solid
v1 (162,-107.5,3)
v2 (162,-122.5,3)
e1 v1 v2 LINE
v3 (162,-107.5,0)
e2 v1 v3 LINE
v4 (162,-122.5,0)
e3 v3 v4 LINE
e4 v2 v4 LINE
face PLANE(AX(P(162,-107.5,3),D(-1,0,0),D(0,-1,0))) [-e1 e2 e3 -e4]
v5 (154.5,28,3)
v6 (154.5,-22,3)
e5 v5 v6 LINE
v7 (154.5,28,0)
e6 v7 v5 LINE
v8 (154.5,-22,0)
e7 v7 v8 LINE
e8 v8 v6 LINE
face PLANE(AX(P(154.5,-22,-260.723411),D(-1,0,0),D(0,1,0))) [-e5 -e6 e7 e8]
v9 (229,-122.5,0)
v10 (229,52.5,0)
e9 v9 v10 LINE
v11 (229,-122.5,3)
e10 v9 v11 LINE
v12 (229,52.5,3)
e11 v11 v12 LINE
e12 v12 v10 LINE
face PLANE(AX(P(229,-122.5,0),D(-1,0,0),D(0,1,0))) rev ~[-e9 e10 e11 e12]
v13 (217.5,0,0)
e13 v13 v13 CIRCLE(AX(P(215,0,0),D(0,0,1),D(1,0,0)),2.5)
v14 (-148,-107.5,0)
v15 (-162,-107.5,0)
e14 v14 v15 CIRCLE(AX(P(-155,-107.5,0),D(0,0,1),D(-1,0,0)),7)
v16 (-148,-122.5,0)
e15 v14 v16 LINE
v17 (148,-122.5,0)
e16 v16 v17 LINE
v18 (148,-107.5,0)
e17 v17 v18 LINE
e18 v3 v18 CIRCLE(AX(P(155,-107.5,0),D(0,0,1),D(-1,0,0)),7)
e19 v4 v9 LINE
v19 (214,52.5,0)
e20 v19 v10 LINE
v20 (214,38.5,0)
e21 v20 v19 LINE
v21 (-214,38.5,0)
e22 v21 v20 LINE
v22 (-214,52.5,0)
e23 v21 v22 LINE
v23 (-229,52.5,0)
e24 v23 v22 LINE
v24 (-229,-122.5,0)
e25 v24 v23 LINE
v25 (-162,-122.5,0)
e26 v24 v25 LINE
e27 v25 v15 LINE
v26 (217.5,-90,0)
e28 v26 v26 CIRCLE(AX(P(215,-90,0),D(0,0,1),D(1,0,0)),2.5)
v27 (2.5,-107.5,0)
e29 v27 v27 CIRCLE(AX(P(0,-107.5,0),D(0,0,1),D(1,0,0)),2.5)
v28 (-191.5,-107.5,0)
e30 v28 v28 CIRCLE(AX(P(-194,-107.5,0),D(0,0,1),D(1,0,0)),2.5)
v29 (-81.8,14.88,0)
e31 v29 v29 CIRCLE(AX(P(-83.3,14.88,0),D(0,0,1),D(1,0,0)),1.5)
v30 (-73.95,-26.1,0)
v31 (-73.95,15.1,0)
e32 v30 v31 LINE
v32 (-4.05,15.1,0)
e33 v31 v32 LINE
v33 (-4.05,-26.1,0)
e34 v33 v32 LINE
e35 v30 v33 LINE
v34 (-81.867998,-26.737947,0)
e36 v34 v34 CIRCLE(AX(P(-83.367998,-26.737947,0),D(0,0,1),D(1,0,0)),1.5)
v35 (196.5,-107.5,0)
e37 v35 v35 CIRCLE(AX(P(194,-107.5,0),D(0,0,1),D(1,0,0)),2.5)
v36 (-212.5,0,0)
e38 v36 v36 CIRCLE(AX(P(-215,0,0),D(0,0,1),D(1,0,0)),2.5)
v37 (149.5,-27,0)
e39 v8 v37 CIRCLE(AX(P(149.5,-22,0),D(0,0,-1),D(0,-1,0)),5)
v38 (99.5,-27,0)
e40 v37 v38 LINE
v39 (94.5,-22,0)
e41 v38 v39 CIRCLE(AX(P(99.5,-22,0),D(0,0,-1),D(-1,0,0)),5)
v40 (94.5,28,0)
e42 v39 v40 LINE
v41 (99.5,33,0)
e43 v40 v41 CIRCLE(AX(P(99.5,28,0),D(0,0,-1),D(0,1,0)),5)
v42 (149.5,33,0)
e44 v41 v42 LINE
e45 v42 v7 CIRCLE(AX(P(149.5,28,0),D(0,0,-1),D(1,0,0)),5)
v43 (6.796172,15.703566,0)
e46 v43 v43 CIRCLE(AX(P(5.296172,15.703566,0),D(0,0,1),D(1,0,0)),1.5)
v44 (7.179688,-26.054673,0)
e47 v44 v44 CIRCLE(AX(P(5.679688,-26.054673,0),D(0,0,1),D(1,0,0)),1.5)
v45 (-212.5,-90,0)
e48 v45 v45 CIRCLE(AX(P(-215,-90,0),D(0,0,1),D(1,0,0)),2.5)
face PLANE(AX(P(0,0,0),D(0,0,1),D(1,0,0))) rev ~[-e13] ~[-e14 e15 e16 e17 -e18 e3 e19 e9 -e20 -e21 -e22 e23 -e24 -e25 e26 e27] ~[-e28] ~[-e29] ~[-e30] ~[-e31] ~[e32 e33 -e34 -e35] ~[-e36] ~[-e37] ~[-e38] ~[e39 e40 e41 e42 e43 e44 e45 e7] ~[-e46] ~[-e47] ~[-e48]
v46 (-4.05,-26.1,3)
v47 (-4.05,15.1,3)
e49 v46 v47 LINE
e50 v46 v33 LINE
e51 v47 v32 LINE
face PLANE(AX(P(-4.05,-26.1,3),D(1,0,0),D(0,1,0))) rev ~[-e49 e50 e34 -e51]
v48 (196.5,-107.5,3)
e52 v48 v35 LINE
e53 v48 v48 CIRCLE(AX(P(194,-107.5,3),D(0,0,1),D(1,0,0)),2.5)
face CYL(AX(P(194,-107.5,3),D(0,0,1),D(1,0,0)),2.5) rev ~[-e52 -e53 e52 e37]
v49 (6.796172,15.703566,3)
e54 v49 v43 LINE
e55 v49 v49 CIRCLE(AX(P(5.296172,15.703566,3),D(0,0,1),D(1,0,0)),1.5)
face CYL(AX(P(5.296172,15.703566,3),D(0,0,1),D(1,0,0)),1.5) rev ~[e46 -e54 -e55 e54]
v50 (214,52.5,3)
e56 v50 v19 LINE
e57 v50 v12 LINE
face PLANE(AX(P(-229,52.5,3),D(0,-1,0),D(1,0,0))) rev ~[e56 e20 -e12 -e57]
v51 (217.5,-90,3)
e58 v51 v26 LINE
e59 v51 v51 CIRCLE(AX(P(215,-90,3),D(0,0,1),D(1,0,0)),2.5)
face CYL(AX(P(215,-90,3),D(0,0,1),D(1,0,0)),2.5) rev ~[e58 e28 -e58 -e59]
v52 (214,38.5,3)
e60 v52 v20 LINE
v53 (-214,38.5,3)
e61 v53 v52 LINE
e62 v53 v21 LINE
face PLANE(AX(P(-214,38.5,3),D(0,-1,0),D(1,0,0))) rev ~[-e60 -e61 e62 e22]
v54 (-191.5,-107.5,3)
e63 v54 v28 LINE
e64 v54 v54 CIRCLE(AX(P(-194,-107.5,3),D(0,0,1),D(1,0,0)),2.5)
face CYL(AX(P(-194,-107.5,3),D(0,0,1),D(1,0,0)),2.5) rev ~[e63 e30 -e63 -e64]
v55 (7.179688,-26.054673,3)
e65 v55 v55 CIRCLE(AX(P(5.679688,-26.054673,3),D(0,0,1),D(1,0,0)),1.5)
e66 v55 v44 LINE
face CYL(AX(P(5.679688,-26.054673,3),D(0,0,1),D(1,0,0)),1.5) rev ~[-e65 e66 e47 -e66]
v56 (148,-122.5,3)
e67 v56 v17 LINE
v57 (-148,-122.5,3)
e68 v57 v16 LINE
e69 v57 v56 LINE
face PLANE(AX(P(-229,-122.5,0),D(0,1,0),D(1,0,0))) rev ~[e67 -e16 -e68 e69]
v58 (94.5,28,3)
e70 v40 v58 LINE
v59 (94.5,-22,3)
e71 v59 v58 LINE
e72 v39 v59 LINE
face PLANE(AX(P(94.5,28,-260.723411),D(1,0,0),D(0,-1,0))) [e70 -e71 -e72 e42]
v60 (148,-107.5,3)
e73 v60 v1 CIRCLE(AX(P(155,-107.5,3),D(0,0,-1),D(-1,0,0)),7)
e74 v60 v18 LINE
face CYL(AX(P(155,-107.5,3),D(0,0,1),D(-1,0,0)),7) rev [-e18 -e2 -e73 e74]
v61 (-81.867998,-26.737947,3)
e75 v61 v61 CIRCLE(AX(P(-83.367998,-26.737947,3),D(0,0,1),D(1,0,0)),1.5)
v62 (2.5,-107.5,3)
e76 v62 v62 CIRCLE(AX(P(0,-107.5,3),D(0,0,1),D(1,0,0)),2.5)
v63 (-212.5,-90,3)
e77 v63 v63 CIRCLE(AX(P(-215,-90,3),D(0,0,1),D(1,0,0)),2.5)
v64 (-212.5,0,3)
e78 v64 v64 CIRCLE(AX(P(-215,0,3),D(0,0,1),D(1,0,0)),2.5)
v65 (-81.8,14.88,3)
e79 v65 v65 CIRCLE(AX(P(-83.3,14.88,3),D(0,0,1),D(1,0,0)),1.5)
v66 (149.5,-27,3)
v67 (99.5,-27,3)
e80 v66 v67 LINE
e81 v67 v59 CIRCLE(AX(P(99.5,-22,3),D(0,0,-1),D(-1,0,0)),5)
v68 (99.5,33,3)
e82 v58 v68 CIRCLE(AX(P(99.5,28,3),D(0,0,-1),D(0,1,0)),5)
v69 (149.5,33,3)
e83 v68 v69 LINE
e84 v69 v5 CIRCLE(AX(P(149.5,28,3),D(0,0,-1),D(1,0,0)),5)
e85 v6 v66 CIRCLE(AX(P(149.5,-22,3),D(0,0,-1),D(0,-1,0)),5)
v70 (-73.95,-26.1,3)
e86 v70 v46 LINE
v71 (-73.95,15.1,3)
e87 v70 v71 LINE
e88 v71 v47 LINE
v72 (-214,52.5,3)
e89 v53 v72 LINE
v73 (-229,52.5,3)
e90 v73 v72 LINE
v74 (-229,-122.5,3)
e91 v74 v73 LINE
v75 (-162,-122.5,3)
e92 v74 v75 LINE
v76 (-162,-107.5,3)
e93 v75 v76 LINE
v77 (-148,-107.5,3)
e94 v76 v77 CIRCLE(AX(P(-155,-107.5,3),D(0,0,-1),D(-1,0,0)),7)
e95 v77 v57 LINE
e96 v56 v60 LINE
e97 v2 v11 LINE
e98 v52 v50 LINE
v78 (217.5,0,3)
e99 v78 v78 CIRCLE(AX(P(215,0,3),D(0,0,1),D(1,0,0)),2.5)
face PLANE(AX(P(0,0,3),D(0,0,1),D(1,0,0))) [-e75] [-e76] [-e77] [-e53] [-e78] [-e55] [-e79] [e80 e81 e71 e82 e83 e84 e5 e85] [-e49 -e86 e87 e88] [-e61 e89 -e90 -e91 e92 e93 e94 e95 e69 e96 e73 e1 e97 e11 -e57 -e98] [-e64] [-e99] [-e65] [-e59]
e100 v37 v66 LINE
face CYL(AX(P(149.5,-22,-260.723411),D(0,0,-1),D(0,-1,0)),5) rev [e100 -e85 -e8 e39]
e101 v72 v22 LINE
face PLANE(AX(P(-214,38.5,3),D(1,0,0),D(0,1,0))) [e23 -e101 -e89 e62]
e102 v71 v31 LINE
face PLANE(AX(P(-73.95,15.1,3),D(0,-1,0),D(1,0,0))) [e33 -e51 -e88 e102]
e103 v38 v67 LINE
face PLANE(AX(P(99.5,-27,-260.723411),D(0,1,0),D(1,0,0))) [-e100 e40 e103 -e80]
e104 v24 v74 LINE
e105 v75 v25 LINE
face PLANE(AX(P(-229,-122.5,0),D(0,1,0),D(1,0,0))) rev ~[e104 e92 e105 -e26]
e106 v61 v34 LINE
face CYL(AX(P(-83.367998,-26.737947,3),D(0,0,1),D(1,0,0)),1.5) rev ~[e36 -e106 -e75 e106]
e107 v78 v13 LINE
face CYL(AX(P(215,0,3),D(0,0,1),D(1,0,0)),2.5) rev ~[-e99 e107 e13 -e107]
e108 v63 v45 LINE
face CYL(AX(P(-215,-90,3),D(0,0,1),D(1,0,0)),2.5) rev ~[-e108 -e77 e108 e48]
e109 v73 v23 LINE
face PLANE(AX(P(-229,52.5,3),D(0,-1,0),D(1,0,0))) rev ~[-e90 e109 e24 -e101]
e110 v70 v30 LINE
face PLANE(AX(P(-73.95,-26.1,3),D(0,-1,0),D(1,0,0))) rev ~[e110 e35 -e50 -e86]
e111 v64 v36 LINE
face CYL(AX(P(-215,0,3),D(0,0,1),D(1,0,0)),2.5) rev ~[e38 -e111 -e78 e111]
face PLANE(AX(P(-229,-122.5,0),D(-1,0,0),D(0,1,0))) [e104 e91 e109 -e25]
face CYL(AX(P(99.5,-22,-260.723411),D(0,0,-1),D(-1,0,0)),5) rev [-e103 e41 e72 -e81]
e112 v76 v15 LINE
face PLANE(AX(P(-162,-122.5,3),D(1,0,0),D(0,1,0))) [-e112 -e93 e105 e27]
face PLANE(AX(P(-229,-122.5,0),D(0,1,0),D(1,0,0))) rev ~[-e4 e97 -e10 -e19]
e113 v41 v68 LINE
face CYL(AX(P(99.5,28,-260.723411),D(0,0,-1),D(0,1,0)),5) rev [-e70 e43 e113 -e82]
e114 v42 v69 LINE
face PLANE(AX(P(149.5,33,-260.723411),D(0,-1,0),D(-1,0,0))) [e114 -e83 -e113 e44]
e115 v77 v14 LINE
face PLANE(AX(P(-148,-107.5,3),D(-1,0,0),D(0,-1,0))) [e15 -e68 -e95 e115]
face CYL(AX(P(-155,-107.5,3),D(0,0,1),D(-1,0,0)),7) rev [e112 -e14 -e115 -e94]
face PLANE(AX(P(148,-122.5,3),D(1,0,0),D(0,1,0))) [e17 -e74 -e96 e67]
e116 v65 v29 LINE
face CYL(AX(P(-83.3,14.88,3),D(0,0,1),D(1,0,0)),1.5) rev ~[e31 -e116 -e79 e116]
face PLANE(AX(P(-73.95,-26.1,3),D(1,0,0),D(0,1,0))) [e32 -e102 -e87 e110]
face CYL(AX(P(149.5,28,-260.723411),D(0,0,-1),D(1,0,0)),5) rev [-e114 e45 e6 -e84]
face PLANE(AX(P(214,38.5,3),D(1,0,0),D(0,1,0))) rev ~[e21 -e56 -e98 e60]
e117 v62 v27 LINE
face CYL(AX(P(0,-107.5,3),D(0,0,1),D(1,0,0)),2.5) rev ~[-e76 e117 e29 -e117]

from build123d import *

# Parameters (mm, degrees)
SKETCH1_W                         = 458
SKETCH1_H                         = 245
BOSS_EXTRUDE1_DEPTH               = 3
CUT_EXTRUDE1_DEPTH                = 260.723410574
SKETCH3_R                         = 2.5
CUT_EXTRUDE2_DEPTH                = 260.723410574
SKETCH4_R                         = 11.5
CUT_EXTRUDE3_DEPTH                = 260.723410574
SKETCH5_W                         = 428
SKETCH5_H                         = 29
CUT_EXTRUDE4_DEPTH                = 260.723410574
SKETCH8_R                         = 1.5
SKETCH8_W                         = 69.9
SKETCH8_H                         = 41.2
CUT_EXTRUDE5_DEPTH                = 260.723410574
SKETCH9_W                         = 458
SKETCH9_H                         = 70
CUT_EXTRUDE6_DEPTH                = 10
CUT_SWITCHRUBBER_60X60_DEPTH      = 260.723410574
CUT_SWITCHRUBBER_60X60_DEPTH_BACK = 260.723410574


with BuildPart() as part:
    # Sketch1 → Boss-Extrude1 (new body)
    with BuildSketch(Plane.XY):
        Rectangle(SKETCH1_W, SKETCH1_H)
    extrude(amount=BOSS_EXTRUDE1_DEPTH)

    # Sketch2 → Cut-Extrude1 (cut, through all)
    with BuildSketch(Plane.XY.offset(3)):
        with BuildLine():
            Line((-148, -107.5), (-148, -122.5))
            ThreePointArc((-148, -122.5), (-155, -129.5), (-162, -122.5))
            Line((-162, -122.5), (-162, -107.5))
            ThreePointArc((-162, -107.5), (-155, -100.5), (-148, -107.5))
        make_face()
        with BuildLine():
            Line((162, -107.5), (162, -122.5))
            ThreePointArc((162, -122.5), (155, -129.5), (148, -122.5))
            Line((148, -122.5), (148, -107.5))
            ThreePointArc((148, -107.5), (155, -100.5), (162, -107.5))
        make_face()
    extrude(amount=-CUT_EXTRUDE1_DEPTH, mode=Mode.SUBTRACT)

    # Sketch3 → Cut-Extrude2 (cut, through all)
    with BuildSketch(Plane.XY.offset(3)):
        with Locations((-194, 112.5)):
            Circle(SKETCH3_R)
        with Locations((-194, -107.5)):
            Circle(SKETCH3_R)
        with Locations((194, -107.5)):
            Circle(SKETCH3_R)
        with Locations((194, 112.5)):
            Circle(SKETCH3_R)
        with Locations((-215, 0)):
            Circle(SKETCH3_R)
        with Locations((-215, -90)):
            Circle(SKETCH3_R)
        with Locations((-215, 90)):
            Circle(SKETCH3_R)
        with Locations((215, 0)):
            Circle(SKETCH3_R)
        with Locations((215, -90)):
            Circle(SKETCH3_R)
        with Locations((215, 90)):
            Circle(SKETCH3_R)
        with Locations((0, 112.5)):
            Circle(SKETCH3_R)
        with Locations((0, -107.5)):
            Circle(SKETCH3_R)
    extrude(amount=-CUT_EXTRUDE2_DEPTH, mode=Mode.SUBTRACT)

    # Sketch4 → Cut-Extrude3 (cut, through all)
    with BuildSketch(Plane.XY.offset(3)):
        with Locations((-39, 91)):
            Circle(SKETCH4_R)
        with Locations((39, 91)):
            Circle(SKETCH4_R)
    extrude(amount=-CUT_EXTRUDE3_DEPTH, mode=Mode.SUBTRACT)

    # Sketch5 → Cut-Extrude4 (cut, through all)
    with BuildSketch(Plane.XY.offset(3)):
        with Locations((0, 53)):
            Rectangle(SKETCH5_W, SKETCH5_H)
    extrude(amount=-CUT_EXTRUDE4_DEPTH, mode=Mode.SUBTRACT)

    # Sketch8 → Cut-Extrude5 (cut, through all)
    with BuildSketch(Plane.XY.offset(3)):
        with Locations((5.296172264, 15.703565509)):
            Circle(SKETCH8_R)
        with Locations((5.679687501, -26.054673392)):
            Circle(SKETCH8_R)
        with Locations((-83.3, 14.88)):
            Circle(SKETCH8_R)
        with Locations((-83.367997673, -26.737946691)):
            Circle(SKETCH8_R)
        with Locations((-39, -5.5)):
            Rectangle(SKETCH8_W, SKETCH8_H)
    extrude(amount=-CUT_EXTRUDE5_DEPTH, mode=Mode.SUBTRACT)

    # Sketch9 → Cut-Extrude6 (cut)
    with BuildSketch(Plane.XY.offset(3)):
        with Locations((0, 87.5)):
            Rectangle(SKETCH9_W, SKETCH9_H)
    extrude(amount=-CUT_EXTRUDE6_DEPTH, mode=Mode.SUBTRACT)

    # Sketch11 → Cut_SwitchRubber_60x60 (cut, two sides: drawn at the far end of the back side and taken through both)
    with BuildSketch(Plane.XY.offset(-CUT_SWITCHRUBBER_60X60_DEPTH_BACK)):
        with BuildLine():
            Line((99.5, -27), (149.5, -27))
            ThreePointArc((149.5, -27), (153.035533906, -25.535533906), (154.5, -22))
            Line((154.5, -22), (154.5, 28))
            ThreePointArc((154.5, 28), (153.035533906, 31.535533906), (149.5, 33))
            Line((149.5, 33), (99.5, 33))
            ThreePointArc((99.5, 33), (95.964466094, 31.535533906), (94.5, 28))
            Line((94.5, 28), (94.5, -22))
            ThreePointArc((94.5, -22), (95.964466094, -25.535533906), (99.5, -27))
        make_face()
    extrude(amount=CUT_SWITCHRUBBER_60X60_DEPTH + CUT_SWITCHRUBBER_60X60_DEPTH_BACK, mode=Mode.SUBTRACT)


solid = part.part
